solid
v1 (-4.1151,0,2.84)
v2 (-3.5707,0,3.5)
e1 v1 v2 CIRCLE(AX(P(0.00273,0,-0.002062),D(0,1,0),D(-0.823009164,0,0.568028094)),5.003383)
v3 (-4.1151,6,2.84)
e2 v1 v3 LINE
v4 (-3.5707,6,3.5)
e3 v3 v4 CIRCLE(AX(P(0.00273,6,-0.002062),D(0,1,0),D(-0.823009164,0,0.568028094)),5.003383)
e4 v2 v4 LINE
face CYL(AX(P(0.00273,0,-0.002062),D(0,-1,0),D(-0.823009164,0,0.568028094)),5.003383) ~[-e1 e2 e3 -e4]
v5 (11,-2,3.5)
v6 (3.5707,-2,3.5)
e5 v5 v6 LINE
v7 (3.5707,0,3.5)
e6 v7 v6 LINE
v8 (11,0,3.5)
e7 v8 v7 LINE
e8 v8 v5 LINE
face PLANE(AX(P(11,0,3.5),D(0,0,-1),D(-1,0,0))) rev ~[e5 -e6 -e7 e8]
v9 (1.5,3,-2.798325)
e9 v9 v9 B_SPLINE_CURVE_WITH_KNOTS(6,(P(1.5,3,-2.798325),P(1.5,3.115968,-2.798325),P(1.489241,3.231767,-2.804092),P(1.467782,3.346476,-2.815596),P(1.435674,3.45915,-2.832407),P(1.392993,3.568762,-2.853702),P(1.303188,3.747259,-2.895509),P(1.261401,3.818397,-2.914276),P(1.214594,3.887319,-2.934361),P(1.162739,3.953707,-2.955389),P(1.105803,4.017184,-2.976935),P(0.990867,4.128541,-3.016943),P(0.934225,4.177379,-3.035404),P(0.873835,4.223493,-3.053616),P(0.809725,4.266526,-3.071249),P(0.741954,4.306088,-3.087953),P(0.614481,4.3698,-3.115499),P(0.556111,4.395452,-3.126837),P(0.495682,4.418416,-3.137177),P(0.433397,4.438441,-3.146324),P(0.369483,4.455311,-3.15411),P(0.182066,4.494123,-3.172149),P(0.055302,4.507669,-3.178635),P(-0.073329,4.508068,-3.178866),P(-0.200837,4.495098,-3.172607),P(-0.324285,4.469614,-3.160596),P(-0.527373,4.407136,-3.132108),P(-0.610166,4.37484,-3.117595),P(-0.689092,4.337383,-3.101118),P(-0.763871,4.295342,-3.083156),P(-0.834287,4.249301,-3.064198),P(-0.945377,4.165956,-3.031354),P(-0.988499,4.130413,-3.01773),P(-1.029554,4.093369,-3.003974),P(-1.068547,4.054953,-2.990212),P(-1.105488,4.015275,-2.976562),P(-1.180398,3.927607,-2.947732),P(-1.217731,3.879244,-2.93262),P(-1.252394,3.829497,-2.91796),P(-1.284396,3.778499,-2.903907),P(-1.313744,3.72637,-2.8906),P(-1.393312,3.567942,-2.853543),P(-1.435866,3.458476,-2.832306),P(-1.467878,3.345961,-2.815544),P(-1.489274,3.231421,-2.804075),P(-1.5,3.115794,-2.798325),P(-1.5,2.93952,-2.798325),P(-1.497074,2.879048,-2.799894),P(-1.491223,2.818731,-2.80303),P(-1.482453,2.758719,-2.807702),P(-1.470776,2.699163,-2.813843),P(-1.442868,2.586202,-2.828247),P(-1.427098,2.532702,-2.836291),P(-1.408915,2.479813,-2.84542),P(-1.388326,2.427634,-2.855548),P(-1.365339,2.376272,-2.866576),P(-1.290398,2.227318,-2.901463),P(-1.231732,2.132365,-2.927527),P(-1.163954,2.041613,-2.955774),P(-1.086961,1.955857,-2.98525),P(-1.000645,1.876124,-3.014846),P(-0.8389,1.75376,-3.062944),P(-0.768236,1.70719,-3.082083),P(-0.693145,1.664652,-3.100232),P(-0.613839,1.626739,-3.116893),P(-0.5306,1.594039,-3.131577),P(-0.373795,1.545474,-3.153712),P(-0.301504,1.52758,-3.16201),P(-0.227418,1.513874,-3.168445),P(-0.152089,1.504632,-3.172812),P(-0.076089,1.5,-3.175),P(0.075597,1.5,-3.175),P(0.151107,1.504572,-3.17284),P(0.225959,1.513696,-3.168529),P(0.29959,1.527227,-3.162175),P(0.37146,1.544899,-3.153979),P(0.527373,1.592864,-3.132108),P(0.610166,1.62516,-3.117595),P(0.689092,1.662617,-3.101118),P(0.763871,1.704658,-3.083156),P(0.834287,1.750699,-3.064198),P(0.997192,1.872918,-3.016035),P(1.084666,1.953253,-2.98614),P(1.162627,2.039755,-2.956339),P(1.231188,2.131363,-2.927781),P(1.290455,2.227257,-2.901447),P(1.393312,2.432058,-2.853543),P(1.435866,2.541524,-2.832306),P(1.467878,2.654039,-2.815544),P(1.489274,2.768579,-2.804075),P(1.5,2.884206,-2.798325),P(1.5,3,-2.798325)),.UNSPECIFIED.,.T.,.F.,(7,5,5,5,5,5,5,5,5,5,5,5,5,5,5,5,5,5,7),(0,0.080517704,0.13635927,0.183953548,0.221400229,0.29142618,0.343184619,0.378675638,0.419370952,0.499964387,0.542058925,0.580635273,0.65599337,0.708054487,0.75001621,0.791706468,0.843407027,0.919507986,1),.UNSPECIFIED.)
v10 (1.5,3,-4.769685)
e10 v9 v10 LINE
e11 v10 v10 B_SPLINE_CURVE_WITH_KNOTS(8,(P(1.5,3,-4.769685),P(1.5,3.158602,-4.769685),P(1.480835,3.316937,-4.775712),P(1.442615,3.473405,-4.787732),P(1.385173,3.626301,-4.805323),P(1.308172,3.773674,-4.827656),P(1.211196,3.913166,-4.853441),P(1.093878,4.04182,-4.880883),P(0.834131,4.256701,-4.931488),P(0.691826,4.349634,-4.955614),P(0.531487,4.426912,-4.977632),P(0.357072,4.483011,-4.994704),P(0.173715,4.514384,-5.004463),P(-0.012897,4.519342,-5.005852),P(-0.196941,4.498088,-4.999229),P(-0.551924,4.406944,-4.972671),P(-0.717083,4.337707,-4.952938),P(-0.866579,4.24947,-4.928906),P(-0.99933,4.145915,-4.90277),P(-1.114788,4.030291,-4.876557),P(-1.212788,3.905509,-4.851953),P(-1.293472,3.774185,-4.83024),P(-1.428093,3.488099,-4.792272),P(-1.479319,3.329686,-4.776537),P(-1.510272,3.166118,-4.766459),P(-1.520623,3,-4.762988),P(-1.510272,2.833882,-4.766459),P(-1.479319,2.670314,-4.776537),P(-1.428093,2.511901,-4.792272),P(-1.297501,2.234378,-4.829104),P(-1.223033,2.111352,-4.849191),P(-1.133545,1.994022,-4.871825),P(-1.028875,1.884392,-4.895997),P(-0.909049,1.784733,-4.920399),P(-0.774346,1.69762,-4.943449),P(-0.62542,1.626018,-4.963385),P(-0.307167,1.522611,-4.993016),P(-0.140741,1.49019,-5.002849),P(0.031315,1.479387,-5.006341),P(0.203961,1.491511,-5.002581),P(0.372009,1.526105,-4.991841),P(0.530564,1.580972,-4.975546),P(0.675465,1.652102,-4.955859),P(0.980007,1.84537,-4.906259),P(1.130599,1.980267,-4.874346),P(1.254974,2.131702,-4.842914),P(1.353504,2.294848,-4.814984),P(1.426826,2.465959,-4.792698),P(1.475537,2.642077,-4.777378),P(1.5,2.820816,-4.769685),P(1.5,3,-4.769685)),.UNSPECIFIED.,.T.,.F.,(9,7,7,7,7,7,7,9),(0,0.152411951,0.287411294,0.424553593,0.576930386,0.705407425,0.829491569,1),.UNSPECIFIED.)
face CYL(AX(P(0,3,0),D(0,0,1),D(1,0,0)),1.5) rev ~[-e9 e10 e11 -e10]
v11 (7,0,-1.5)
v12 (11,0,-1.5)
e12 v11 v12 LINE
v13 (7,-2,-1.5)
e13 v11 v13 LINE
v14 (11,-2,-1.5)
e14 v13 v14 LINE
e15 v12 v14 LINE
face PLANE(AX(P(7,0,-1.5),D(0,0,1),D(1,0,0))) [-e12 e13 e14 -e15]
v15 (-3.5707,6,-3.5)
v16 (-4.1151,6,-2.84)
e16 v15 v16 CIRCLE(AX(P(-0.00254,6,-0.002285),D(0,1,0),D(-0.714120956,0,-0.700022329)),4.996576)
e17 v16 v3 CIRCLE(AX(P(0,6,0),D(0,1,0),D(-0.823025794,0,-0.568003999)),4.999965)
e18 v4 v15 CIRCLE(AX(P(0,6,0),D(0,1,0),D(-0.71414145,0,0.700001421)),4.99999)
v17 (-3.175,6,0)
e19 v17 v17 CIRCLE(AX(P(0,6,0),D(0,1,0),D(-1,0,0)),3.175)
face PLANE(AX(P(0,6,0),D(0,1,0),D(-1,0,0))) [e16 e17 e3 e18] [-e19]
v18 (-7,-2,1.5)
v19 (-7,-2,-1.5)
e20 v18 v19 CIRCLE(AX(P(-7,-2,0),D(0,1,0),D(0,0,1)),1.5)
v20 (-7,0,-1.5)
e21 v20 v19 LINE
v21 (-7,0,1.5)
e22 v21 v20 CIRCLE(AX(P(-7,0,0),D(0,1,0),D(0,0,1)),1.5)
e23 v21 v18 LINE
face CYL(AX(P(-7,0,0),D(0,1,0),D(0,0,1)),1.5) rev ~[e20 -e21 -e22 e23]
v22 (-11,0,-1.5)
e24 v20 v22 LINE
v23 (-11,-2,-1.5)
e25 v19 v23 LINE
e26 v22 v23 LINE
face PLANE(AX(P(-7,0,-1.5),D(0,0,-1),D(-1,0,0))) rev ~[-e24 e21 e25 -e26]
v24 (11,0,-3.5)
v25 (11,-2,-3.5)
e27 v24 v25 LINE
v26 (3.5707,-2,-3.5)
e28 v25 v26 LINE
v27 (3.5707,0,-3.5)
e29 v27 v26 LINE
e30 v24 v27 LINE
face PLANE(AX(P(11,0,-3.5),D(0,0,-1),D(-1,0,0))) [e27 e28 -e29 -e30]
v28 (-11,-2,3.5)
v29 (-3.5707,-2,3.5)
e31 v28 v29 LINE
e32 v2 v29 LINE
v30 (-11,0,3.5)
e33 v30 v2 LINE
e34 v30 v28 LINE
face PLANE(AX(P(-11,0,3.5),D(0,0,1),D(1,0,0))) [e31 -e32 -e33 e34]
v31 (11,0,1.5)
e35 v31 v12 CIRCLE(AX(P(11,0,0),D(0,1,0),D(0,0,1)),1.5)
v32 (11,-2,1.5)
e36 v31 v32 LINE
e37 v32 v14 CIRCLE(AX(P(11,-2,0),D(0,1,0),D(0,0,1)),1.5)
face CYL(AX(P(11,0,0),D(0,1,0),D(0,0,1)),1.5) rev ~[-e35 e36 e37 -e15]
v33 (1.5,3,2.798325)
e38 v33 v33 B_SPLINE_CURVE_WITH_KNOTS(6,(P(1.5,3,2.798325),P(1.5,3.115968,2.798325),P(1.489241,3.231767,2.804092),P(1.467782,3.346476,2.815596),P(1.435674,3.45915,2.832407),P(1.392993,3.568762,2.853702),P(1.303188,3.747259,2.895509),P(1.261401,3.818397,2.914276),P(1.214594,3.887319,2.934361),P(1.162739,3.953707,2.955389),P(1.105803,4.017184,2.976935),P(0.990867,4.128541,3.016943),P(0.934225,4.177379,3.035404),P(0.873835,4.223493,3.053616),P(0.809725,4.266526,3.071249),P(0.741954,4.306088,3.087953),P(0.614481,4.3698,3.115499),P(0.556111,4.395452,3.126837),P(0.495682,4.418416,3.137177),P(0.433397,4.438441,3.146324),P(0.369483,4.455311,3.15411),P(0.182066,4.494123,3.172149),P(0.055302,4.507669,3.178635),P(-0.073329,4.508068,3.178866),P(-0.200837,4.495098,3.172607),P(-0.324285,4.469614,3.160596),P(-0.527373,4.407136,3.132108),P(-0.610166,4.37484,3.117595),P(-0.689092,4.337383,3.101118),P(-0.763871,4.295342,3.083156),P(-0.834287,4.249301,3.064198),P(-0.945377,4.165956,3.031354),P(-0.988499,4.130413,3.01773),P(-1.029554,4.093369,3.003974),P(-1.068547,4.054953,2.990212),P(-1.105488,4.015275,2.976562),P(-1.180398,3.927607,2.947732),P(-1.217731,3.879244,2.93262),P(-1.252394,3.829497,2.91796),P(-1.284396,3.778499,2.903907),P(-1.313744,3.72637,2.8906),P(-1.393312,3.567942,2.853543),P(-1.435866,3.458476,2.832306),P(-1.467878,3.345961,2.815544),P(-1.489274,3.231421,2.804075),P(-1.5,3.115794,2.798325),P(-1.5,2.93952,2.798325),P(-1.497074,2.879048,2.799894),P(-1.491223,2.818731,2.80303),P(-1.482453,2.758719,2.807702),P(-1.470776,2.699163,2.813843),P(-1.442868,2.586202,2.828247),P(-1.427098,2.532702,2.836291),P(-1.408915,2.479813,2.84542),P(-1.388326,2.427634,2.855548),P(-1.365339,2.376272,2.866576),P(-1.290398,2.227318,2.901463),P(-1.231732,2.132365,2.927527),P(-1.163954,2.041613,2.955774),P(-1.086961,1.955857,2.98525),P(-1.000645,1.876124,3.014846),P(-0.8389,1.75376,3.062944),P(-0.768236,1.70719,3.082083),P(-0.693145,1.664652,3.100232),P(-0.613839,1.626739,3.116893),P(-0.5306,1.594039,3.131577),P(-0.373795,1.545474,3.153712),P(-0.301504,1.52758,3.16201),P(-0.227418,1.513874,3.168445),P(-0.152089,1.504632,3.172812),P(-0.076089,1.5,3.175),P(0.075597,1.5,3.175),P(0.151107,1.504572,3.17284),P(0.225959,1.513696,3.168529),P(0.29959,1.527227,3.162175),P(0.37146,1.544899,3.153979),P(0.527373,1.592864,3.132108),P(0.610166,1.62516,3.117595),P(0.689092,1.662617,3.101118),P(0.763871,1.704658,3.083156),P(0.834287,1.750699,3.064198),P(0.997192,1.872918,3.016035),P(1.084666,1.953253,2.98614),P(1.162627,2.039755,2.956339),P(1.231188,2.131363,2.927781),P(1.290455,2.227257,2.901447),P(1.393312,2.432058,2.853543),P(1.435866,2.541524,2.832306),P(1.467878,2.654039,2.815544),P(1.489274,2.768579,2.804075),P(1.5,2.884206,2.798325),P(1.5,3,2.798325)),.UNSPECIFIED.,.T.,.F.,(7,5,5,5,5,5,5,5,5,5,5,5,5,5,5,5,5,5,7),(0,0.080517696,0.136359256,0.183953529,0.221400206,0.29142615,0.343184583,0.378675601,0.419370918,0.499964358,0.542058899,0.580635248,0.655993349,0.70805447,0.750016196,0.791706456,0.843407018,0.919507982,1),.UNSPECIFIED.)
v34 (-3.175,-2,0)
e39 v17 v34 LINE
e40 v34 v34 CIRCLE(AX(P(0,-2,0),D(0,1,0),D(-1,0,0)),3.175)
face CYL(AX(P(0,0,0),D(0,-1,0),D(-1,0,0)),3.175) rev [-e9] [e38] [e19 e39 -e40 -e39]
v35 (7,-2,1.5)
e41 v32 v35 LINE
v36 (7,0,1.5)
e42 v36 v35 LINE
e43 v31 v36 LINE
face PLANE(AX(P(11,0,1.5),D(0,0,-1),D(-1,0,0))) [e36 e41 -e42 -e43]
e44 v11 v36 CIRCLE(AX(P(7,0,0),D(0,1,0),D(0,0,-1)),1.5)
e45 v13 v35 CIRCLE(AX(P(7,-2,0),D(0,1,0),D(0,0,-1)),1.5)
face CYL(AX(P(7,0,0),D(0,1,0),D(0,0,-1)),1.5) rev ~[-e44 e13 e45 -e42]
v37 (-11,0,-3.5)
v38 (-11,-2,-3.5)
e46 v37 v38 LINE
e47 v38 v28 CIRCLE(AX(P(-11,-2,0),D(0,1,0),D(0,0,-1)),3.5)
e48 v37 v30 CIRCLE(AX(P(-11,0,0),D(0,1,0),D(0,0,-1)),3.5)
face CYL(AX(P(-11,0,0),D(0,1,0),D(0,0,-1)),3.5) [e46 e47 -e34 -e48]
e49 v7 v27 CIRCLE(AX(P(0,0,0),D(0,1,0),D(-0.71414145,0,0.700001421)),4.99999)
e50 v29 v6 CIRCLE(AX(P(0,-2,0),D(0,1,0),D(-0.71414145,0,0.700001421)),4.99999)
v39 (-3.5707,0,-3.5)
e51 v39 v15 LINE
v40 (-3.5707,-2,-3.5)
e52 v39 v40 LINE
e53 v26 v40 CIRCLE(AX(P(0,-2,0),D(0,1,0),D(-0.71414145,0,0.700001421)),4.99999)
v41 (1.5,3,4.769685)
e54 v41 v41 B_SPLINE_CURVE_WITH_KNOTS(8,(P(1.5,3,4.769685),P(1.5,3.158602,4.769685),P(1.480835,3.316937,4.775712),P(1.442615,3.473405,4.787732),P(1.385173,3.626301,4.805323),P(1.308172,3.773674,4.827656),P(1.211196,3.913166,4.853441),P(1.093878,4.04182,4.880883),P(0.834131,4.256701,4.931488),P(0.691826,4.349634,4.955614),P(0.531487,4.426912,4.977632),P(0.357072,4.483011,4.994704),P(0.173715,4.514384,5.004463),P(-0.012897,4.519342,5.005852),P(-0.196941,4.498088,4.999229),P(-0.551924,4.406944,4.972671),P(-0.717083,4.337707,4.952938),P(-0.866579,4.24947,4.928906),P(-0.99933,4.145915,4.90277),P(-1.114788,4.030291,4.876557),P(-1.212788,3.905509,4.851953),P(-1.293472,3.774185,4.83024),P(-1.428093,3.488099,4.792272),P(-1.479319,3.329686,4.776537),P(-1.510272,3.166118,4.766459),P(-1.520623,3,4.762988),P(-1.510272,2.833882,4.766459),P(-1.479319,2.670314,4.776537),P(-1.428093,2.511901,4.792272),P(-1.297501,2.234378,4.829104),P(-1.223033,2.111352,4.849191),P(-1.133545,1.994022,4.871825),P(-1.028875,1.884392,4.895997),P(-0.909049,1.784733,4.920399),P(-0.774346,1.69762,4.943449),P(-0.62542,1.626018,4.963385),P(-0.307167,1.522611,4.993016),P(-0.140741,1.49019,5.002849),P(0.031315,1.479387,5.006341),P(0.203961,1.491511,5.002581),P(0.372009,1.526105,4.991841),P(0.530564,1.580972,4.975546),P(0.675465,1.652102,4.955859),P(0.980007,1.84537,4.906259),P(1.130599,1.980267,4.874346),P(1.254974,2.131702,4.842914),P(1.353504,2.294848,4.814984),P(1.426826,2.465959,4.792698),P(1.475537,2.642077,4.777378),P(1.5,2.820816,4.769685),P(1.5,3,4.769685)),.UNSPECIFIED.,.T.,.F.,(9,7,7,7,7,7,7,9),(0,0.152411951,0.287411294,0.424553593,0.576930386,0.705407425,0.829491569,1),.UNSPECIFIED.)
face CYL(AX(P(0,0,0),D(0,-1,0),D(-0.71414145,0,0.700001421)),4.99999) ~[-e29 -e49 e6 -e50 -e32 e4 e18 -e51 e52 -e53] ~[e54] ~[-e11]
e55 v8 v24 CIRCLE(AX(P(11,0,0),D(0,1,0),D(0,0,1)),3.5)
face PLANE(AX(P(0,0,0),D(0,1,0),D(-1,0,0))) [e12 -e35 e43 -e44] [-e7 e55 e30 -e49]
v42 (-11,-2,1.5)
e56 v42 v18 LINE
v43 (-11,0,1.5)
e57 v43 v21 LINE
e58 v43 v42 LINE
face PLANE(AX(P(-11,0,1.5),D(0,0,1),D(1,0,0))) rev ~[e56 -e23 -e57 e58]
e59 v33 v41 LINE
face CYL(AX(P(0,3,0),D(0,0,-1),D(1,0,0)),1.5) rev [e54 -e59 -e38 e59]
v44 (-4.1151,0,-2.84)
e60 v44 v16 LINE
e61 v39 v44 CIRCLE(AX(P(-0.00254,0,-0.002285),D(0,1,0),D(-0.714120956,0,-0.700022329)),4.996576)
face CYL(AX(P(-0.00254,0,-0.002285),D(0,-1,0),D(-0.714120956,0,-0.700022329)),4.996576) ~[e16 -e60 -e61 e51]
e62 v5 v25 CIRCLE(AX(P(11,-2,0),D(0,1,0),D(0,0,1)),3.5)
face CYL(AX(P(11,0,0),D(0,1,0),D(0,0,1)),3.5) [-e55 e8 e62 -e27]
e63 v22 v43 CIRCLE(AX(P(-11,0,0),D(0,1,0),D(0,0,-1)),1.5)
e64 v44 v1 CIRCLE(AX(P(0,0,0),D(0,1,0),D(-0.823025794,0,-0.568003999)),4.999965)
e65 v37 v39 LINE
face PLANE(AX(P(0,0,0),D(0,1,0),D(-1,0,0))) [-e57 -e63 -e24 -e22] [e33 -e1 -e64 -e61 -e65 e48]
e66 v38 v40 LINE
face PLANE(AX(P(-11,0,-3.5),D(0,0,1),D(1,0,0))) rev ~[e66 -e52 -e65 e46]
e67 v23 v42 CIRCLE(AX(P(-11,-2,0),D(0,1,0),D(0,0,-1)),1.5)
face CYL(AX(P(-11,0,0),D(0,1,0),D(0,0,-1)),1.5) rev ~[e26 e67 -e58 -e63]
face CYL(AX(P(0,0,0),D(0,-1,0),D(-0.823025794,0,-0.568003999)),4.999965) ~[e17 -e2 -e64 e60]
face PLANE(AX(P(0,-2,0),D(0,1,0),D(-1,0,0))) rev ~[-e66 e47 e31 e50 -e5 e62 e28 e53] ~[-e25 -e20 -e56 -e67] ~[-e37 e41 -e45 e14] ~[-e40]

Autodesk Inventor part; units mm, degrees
ref_plane "YZ Plane" through (0, 0, 0) normal (1, 0, 0) x (0, 1, 0)
ref_plane "XZ Plane" through (0, 0, 0) normal (0, 1, 0) x (-1, 0, 0)
sketch "Sketch1" plane through (0, 0, 0) normal (0, 1, 0) x (-1, 0, 0)
  circle A0 centre (0, 0) radius 3.175
  arc A1 (4.1151, 2.84) -> (3.5707, 3.5) centre (0, 0) ccw
  arc A2 (-11, 3.5) -> (-11, -3.5) centre (-11, 0) ccw
  line L0 (0, 0) -> (0, -5) construction
  arc A3 (4.1151, -2.84) -> (4.1151, 2.84) centre (0, 0) ccw
  line L1 (-7, 0) -> (-11, 0) construction
  line L2 (-7, -1.5) -> (-11, -1.5)
  line L3 (-11, 1.5) -> (-7, 1.5)
  arc A4 (-7, -1.5) -> (-7, 1.5) centre (-7, 0) ccw
  arc A5 (-11, 1.5) -> (-11, -1.5) centre (-11, 0) ccw
  line L4 (-11, 3.5) -> (-3.5707, 3.5)
  line L5 (-11, -3.5) -> (-3.5707, -3.5)
  line L6 (0, 0) -> (0, 3.175) construction
  arc A6 (11, -3.5) -> (11, 3.5) centre (11, 0) ccw
  line L7 (7, -1.5) -> (11, -1.5)
  line L8 (11, 1.5) -> (7, 1.5)
  arc A7 (7, 1.5) -> (7, -1.5) centre (7, 0) ccw
  arc A8 (11, -1.5) -> (11, 1.5) centre (11, 0) ccw
  line L9 (11, 3.5) -> (3.5707, 3.5)
  line L10 (11, -3.5) -> (3.5707, -3.5)
  arc A9 (3.5707, 3.5) -> (3.5707, -3.5) centre (0, 0) ccw
  arc A10 (3.5707, -3.5) -> (4.1151, -2.84) centre (0, 0) ccw
  point P0 (-9, 0)
  dimension "d0" = 6.35
  dimension "d1" = 10
  dimension "d6" = 3.5
  dimension "d15" = 3
  dimension "d16" = 4
  dimension "d17" = 7
extrude "Extrusion1" add sketch "Sketch1" against normal blind 2
extrude "Extrusion2" add sketch "Sketch1" along normal blind 6 contours A3 A10 A9 A1
sketch "Sketch2" plane through (0, 0, 0) normal (0, 0, 1) x (1, 0, 0)
  circle A0 centre (0, 3) radius 1.5
  line L0 (5, 6) -> (5, 0) projected
  point P0 (0, 0)
  point P1 (5, 3)
  dimension "d11" = 3
extrude "Extrusion3" cut sketch "Sketch2" along normal through all both and the other way through all
ref_plane "Work Plane1" through (0, 0, 5) normal (0, 0, 1) x (1, 0, 0)
properties part number "EncoderWheelAdapterSlotted" material "ABS Plastic"
